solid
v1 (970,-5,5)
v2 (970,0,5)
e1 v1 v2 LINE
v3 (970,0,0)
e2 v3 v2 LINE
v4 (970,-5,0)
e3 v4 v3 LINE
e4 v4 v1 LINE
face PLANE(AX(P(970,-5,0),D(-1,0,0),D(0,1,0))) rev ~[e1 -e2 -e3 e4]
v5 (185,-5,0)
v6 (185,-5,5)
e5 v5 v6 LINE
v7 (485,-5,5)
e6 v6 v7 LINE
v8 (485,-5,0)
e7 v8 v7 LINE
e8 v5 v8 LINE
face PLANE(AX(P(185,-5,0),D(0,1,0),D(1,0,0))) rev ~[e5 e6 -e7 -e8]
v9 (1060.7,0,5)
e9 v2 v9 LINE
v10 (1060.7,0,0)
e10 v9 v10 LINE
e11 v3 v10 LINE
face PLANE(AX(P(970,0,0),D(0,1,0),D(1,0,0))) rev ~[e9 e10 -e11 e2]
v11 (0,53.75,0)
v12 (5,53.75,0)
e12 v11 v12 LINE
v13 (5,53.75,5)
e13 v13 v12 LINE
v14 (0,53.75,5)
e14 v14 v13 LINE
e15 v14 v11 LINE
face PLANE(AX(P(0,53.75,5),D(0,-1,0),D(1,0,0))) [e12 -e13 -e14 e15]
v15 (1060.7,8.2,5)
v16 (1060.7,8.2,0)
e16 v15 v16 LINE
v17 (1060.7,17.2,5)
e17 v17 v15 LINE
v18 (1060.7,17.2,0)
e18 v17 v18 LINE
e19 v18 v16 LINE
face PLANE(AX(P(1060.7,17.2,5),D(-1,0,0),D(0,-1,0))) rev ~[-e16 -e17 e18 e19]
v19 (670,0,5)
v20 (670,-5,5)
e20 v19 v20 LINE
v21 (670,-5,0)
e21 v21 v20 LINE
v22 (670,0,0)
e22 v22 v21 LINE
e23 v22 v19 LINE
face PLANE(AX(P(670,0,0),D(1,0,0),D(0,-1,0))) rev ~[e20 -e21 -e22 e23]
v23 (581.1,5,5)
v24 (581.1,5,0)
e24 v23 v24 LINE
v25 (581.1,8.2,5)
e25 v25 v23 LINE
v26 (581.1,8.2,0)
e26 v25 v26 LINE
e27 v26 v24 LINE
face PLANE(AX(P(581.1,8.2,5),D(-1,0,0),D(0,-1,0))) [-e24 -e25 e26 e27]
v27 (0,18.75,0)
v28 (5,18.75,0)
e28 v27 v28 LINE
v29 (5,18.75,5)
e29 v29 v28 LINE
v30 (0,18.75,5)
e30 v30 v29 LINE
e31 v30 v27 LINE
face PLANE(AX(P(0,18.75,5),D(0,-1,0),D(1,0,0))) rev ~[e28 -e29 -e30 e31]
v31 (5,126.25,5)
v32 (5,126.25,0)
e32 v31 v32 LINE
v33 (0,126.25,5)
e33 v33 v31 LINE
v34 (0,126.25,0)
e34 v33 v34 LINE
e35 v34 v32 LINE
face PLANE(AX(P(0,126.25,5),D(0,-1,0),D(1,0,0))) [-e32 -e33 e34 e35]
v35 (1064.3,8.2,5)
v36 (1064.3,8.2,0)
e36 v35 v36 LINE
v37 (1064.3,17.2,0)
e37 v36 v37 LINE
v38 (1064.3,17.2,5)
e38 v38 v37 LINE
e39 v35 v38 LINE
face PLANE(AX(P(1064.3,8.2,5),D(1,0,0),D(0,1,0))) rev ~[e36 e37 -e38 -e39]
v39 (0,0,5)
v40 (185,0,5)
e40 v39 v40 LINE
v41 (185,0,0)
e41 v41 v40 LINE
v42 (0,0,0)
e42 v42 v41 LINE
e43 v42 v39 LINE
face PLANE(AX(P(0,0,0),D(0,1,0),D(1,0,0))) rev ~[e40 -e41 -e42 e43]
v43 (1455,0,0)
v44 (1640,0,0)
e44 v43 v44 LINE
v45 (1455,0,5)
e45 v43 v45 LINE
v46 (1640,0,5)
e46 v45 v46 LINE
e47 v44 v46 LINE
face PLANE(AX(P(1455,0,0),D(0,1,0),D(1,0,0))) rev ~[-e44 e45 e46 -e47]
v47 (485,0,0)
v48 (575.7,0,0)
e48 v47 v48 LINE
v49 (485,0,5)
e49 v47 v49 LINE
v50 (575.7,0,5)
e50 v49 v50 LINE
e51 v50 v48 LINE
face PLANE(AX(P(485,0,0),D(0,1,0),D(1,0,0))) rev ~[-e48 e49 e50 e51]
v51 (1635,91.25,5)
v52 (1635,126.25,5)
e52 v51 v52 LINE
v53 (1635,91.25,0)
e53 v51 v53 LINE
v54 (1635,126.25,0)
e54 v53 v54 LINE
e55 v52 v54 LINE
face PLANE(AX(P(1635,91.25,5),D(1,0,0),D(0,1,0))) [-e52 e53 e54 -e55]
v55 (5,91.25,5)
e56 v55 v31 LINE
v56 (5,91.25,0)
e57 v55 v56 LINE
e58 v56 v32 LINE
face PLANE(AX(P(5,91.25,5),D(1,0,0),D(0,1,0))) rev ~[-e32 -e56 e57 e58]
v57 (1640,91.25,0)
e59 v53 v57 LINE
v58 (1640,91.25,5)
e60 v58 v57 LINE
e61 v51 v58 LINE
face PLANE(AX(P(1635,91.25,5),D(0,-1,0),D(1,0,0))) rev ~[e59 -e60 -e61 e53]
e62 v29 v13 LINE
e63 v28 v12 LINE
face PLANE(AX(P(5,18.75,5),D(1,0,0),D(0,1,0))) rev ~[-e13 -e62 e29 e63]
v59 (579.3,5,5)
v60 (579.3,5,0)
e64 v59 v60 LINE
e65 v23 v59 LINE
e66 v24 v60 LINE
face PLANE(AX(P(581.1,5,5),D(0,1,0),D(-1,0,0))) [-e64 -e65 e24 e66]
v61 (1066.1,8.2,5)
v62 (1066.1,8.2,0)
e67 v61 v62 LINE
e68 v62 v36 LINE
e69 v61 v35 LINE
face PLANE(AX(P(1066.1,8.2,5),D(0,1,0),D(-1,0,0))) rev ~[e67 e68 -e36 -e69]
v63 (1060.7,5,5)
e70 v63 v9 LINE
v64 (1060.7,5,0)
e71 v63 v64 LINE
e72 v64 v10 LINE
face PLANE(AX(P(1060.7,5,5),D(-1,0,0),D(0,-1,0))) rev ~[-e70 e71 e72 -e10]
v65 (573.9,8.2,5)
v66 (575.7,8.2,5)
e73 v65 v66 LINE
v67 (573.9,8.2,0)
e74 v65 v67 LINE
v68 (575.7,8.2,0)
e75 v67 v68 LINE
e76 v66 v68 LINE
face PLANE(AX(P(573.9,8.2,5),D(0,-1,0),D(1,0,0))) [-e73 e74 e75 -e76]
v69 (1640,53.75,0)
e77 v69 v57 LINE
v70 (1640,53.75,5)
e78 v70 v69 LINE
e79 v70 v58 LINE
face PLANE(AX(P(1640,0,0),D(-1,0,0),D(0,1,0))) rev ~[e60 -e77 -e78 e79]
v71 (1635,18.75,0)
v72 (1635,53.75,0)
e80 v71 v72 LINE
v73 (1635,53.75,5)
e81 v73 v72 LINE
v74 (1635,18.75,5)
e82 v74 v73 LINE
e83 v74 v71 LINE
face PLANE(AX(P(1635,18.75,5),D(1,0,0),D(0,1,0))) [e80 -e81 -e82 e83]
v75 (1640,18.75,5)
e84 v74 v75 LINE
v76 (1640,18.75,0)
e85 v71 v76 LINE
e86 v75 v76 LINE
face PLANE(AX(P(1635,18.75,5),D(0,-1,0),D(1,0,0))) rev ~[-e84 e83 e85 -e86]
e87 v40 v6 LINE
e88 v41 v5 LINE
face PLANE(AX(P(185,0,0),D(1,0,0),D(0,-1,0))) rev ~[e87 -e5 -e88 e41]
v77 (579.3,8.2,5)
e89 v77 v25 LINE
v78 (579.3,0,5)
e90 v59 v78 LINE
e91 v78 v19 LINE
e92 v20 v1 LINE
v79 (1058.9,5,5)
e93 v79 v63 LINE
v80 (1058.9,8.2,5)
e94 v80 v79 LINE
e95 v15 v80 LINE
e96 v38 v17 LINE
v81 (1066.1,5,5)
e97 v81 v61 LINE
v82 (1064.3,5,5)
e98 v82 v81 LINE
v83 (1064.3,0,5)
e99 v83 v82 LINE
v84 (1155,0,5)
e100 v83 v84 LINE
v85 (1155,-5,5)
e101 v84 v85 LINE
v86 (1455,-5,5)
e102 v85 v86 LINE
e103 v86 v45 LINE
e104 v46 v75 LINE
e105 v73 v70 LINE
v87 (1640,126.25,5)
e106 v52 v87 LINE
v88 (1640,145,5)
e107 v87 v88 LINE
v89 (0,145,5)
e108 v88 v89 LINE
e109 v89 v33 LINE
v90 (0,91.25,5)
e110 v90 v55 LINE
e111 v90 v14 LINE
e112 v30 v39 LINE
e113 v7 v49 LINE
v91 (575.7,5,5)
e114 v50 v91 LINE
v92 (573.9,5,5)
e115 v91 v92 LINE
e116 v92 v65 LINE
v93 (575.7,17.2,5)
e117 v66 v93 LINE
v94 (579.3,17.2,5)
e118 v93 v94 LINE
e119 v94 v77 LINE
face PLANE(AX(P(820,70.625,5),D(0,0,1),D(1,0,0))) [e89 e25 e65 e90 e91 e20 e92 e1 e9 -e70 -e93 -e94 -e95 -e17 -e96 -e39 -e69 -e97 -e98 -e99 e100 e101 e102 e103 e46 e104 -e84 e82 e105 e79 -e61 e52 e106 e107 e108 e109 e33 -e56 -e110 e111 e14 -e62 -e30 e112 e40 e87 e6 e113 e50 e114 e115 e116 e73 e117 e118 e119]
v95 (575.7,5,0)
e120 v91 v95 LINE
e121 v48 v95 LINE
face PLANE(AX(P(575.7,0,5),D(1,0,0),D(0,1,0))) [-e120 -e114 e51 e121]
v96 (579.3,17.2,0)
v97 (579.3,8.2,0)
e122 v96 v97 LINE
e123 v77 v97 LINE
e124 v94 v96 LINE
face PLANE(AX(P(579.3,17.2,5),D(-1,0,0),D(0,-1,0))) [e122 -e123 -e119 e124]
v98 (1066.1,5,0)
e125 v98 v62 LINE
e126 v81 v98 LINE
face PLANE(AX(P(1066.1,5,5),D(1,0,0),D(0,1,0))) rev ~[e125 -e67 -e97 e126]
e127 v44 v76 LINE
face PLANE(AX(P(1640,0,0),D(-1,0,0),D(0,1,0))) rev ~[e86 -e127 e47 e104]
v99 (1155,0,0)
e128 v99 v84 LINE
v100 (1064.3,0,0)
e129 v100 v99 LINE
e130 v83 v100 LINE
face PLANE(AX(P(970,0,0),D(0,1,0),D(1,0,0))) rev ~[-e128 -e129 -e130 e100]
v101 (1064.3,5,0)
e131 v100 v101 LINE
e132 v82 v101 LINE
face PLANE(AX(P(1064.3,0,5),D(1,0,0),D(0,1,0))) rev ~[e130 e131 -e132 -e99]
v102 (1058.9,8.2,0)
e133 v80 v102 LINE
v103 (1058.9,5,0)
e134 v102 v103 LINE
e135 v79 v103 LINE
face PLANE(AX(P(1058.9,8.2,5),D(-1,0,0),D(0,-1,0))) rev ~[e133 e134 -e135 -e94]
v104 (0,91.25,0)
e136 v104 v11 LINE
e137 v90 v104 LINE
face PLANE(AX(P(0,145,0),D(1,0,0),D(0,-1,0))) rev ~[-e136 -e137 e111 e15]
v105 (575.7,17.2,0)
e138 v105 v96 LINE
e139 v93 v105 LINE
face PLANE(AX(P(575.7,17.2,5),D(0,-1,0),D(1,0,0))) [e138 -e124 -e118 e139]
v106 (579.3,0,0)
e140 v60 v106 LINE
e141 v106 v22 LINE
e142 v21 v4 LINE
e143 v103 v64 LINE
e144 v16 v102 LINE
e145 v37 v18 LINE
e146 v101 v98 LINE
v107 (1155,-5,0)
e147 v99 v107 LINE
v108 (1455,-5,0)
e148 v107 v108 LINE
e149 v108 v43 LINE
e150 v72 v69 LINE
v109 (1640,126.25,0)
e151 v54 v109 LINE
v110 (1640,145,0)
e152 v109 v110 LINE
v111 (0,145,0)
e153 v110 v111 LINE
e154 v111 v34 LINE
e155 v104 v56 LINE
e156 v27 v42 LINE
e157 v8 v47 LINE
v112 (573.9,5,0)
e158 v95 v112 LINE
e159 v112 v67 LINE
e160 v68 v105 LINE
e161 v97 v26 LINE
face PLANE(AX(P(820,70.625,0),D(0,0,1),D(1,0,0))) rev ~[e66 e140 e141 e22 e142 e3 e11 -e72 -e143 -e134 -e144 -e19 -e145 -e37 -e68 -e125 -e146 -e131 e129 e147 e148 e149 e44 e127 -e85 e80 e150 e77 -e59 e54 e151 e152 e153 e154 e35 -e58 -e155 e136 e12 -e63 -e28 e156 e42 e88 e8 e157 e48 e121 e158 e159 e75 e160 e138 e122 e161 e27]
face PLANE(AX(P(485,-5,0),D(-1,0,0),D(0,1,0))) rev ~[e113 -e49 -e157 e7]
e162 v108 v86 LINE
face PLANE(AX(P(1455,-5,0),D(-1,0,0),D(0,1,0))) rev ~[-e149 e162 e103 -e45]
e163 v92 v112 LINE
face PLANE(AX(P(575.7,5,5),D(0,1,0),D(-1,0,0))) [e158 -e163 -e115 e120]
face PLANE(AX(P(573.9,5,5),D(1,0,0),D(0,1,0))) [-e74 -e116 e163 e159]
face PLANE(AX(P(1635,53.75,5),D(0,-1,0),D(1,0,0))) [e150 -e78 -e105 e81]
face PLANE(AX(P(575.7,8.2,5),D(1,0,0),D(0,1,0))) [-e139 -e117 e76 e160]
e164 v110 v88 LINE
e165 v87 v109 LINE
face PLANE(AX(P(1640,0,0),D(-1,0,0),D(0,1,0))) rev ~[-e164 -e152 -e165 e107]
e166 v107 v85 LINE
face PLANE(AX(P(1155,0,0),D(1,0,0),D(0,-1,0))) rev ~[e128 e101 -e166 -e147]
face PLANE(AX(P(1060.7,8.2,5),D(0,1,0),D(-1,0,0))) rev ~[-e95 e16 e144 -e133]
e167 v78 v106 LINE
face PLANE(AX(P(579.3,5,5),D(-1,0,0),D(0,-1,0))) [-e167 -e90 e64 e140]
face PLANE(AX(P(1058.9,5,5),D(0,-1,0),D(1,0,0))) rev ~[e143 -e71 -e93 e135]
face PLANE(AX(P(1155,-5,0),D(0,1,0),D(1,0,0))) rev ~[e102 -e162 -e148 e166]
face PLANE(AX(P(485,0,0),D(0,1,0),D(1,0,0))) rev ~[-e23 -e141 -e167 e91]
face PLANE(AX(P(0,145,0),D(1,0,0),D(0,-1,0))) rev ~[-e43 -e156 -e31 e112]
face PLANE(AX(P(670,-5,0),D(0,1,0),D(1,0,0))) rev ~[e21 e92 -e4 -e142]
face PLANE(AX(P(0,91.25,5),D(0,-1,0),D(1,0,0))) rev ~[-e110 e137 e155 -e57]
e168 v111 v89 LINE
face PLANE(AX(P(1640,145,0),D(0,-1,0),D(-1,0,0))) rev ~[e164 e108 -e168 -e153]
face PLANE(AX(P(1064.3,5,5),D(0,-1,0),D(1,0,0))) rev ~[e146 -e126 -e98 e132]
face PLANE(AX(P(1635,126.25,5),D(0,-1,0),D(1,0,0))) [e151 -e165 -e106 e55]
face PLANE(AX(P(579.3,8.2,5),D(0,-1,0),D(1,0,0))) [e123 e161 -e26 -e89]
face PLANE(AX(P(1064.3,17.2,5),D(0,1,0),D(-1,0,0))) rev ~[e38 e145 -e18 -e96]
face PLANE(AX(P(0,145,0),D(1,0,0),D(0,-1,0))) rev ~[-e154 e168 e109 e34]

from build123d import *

# Parameters (mm, degrees)
SALIENTE_EXTRUIR1_DEPTH = 5
CROQUIS2_W              = 5
CROQUIS2_H              = 35
CORTAR_EXTRUIR1_DEPTH   = 5
CORTAR_EXTRUIR2_DEPTH   = 10


with BuildPart() as part:
    # Croquis1 → Saliente-Extruir1 (new body)
    with BuildSketch(Plane.XY):
        Polygon((0, 145), (0, 0), (183.734642654, 0), (185, 0), (185, -5), (485, -5), (485, 0), (670, 0), (670, -5), (970, -5), (970, 0), (1155, 0), (1155, -5), (1455, -5), (1455, 0), (1640, 0), (1640, 145), align=None)
    extrude(amount=SALIENTE_EXTRUIR1_DEPTH)

    # Croquis2 → Cortar-Extruir1 (cut)
    with BuildSketch(Plane.XY.offset(5)):
        with Locations((1637.5, 108.75)):
            Rectangle(CROQUIS2_W, CROQUIS2_H)
        with Locations((1637.5, 36.25)):
            Rectangle(CROQUIS2_W, CROQUIS2_H)
        with Locations((2.5, 36.25)):
            Rectangle(CROQUIS2_W, CROQUIS2_H)
        with Locations((2.5, 108.75)):
            Rectangle(CROQUIS2_W, CROQUIS2_H)
    extrude(amount=-CORTAR_EXTRUIR1_DEPTH, mode=Mode.SUBTRACT)

    # Croquis3 → Cortar-Extruir2 (cut)
    with BuildSketch(Plane.XY.offset(5)):
        Polygon((579.3, 0), (575.7, 0), (575.7, 5), (573.9, 5), (573.9, 8.2), (575.7, 8.2), (575.7, 17.2), (579.3, 17.2), (579.3, 8.2), (581.1, 8.2), (581.1, 5), (579.3, 5), align=None)
        Polygon((1064.3, 8.2), (1064.3, 17.2), (1060.7, 17.2), (1060.7, 8.2), (1058.9, 8.2), (1058.9, 5), (1060.7, 5), (1060.7, 0), (1064.3, 0), (1064.3, 5), (1066.1, 5), (1066.1, 8.2), align=None)
    extrude(amount=-CORTAR_EXTRUIR2_DEPTH, mode=Mode.SUBTRACT)


solid = part.part
